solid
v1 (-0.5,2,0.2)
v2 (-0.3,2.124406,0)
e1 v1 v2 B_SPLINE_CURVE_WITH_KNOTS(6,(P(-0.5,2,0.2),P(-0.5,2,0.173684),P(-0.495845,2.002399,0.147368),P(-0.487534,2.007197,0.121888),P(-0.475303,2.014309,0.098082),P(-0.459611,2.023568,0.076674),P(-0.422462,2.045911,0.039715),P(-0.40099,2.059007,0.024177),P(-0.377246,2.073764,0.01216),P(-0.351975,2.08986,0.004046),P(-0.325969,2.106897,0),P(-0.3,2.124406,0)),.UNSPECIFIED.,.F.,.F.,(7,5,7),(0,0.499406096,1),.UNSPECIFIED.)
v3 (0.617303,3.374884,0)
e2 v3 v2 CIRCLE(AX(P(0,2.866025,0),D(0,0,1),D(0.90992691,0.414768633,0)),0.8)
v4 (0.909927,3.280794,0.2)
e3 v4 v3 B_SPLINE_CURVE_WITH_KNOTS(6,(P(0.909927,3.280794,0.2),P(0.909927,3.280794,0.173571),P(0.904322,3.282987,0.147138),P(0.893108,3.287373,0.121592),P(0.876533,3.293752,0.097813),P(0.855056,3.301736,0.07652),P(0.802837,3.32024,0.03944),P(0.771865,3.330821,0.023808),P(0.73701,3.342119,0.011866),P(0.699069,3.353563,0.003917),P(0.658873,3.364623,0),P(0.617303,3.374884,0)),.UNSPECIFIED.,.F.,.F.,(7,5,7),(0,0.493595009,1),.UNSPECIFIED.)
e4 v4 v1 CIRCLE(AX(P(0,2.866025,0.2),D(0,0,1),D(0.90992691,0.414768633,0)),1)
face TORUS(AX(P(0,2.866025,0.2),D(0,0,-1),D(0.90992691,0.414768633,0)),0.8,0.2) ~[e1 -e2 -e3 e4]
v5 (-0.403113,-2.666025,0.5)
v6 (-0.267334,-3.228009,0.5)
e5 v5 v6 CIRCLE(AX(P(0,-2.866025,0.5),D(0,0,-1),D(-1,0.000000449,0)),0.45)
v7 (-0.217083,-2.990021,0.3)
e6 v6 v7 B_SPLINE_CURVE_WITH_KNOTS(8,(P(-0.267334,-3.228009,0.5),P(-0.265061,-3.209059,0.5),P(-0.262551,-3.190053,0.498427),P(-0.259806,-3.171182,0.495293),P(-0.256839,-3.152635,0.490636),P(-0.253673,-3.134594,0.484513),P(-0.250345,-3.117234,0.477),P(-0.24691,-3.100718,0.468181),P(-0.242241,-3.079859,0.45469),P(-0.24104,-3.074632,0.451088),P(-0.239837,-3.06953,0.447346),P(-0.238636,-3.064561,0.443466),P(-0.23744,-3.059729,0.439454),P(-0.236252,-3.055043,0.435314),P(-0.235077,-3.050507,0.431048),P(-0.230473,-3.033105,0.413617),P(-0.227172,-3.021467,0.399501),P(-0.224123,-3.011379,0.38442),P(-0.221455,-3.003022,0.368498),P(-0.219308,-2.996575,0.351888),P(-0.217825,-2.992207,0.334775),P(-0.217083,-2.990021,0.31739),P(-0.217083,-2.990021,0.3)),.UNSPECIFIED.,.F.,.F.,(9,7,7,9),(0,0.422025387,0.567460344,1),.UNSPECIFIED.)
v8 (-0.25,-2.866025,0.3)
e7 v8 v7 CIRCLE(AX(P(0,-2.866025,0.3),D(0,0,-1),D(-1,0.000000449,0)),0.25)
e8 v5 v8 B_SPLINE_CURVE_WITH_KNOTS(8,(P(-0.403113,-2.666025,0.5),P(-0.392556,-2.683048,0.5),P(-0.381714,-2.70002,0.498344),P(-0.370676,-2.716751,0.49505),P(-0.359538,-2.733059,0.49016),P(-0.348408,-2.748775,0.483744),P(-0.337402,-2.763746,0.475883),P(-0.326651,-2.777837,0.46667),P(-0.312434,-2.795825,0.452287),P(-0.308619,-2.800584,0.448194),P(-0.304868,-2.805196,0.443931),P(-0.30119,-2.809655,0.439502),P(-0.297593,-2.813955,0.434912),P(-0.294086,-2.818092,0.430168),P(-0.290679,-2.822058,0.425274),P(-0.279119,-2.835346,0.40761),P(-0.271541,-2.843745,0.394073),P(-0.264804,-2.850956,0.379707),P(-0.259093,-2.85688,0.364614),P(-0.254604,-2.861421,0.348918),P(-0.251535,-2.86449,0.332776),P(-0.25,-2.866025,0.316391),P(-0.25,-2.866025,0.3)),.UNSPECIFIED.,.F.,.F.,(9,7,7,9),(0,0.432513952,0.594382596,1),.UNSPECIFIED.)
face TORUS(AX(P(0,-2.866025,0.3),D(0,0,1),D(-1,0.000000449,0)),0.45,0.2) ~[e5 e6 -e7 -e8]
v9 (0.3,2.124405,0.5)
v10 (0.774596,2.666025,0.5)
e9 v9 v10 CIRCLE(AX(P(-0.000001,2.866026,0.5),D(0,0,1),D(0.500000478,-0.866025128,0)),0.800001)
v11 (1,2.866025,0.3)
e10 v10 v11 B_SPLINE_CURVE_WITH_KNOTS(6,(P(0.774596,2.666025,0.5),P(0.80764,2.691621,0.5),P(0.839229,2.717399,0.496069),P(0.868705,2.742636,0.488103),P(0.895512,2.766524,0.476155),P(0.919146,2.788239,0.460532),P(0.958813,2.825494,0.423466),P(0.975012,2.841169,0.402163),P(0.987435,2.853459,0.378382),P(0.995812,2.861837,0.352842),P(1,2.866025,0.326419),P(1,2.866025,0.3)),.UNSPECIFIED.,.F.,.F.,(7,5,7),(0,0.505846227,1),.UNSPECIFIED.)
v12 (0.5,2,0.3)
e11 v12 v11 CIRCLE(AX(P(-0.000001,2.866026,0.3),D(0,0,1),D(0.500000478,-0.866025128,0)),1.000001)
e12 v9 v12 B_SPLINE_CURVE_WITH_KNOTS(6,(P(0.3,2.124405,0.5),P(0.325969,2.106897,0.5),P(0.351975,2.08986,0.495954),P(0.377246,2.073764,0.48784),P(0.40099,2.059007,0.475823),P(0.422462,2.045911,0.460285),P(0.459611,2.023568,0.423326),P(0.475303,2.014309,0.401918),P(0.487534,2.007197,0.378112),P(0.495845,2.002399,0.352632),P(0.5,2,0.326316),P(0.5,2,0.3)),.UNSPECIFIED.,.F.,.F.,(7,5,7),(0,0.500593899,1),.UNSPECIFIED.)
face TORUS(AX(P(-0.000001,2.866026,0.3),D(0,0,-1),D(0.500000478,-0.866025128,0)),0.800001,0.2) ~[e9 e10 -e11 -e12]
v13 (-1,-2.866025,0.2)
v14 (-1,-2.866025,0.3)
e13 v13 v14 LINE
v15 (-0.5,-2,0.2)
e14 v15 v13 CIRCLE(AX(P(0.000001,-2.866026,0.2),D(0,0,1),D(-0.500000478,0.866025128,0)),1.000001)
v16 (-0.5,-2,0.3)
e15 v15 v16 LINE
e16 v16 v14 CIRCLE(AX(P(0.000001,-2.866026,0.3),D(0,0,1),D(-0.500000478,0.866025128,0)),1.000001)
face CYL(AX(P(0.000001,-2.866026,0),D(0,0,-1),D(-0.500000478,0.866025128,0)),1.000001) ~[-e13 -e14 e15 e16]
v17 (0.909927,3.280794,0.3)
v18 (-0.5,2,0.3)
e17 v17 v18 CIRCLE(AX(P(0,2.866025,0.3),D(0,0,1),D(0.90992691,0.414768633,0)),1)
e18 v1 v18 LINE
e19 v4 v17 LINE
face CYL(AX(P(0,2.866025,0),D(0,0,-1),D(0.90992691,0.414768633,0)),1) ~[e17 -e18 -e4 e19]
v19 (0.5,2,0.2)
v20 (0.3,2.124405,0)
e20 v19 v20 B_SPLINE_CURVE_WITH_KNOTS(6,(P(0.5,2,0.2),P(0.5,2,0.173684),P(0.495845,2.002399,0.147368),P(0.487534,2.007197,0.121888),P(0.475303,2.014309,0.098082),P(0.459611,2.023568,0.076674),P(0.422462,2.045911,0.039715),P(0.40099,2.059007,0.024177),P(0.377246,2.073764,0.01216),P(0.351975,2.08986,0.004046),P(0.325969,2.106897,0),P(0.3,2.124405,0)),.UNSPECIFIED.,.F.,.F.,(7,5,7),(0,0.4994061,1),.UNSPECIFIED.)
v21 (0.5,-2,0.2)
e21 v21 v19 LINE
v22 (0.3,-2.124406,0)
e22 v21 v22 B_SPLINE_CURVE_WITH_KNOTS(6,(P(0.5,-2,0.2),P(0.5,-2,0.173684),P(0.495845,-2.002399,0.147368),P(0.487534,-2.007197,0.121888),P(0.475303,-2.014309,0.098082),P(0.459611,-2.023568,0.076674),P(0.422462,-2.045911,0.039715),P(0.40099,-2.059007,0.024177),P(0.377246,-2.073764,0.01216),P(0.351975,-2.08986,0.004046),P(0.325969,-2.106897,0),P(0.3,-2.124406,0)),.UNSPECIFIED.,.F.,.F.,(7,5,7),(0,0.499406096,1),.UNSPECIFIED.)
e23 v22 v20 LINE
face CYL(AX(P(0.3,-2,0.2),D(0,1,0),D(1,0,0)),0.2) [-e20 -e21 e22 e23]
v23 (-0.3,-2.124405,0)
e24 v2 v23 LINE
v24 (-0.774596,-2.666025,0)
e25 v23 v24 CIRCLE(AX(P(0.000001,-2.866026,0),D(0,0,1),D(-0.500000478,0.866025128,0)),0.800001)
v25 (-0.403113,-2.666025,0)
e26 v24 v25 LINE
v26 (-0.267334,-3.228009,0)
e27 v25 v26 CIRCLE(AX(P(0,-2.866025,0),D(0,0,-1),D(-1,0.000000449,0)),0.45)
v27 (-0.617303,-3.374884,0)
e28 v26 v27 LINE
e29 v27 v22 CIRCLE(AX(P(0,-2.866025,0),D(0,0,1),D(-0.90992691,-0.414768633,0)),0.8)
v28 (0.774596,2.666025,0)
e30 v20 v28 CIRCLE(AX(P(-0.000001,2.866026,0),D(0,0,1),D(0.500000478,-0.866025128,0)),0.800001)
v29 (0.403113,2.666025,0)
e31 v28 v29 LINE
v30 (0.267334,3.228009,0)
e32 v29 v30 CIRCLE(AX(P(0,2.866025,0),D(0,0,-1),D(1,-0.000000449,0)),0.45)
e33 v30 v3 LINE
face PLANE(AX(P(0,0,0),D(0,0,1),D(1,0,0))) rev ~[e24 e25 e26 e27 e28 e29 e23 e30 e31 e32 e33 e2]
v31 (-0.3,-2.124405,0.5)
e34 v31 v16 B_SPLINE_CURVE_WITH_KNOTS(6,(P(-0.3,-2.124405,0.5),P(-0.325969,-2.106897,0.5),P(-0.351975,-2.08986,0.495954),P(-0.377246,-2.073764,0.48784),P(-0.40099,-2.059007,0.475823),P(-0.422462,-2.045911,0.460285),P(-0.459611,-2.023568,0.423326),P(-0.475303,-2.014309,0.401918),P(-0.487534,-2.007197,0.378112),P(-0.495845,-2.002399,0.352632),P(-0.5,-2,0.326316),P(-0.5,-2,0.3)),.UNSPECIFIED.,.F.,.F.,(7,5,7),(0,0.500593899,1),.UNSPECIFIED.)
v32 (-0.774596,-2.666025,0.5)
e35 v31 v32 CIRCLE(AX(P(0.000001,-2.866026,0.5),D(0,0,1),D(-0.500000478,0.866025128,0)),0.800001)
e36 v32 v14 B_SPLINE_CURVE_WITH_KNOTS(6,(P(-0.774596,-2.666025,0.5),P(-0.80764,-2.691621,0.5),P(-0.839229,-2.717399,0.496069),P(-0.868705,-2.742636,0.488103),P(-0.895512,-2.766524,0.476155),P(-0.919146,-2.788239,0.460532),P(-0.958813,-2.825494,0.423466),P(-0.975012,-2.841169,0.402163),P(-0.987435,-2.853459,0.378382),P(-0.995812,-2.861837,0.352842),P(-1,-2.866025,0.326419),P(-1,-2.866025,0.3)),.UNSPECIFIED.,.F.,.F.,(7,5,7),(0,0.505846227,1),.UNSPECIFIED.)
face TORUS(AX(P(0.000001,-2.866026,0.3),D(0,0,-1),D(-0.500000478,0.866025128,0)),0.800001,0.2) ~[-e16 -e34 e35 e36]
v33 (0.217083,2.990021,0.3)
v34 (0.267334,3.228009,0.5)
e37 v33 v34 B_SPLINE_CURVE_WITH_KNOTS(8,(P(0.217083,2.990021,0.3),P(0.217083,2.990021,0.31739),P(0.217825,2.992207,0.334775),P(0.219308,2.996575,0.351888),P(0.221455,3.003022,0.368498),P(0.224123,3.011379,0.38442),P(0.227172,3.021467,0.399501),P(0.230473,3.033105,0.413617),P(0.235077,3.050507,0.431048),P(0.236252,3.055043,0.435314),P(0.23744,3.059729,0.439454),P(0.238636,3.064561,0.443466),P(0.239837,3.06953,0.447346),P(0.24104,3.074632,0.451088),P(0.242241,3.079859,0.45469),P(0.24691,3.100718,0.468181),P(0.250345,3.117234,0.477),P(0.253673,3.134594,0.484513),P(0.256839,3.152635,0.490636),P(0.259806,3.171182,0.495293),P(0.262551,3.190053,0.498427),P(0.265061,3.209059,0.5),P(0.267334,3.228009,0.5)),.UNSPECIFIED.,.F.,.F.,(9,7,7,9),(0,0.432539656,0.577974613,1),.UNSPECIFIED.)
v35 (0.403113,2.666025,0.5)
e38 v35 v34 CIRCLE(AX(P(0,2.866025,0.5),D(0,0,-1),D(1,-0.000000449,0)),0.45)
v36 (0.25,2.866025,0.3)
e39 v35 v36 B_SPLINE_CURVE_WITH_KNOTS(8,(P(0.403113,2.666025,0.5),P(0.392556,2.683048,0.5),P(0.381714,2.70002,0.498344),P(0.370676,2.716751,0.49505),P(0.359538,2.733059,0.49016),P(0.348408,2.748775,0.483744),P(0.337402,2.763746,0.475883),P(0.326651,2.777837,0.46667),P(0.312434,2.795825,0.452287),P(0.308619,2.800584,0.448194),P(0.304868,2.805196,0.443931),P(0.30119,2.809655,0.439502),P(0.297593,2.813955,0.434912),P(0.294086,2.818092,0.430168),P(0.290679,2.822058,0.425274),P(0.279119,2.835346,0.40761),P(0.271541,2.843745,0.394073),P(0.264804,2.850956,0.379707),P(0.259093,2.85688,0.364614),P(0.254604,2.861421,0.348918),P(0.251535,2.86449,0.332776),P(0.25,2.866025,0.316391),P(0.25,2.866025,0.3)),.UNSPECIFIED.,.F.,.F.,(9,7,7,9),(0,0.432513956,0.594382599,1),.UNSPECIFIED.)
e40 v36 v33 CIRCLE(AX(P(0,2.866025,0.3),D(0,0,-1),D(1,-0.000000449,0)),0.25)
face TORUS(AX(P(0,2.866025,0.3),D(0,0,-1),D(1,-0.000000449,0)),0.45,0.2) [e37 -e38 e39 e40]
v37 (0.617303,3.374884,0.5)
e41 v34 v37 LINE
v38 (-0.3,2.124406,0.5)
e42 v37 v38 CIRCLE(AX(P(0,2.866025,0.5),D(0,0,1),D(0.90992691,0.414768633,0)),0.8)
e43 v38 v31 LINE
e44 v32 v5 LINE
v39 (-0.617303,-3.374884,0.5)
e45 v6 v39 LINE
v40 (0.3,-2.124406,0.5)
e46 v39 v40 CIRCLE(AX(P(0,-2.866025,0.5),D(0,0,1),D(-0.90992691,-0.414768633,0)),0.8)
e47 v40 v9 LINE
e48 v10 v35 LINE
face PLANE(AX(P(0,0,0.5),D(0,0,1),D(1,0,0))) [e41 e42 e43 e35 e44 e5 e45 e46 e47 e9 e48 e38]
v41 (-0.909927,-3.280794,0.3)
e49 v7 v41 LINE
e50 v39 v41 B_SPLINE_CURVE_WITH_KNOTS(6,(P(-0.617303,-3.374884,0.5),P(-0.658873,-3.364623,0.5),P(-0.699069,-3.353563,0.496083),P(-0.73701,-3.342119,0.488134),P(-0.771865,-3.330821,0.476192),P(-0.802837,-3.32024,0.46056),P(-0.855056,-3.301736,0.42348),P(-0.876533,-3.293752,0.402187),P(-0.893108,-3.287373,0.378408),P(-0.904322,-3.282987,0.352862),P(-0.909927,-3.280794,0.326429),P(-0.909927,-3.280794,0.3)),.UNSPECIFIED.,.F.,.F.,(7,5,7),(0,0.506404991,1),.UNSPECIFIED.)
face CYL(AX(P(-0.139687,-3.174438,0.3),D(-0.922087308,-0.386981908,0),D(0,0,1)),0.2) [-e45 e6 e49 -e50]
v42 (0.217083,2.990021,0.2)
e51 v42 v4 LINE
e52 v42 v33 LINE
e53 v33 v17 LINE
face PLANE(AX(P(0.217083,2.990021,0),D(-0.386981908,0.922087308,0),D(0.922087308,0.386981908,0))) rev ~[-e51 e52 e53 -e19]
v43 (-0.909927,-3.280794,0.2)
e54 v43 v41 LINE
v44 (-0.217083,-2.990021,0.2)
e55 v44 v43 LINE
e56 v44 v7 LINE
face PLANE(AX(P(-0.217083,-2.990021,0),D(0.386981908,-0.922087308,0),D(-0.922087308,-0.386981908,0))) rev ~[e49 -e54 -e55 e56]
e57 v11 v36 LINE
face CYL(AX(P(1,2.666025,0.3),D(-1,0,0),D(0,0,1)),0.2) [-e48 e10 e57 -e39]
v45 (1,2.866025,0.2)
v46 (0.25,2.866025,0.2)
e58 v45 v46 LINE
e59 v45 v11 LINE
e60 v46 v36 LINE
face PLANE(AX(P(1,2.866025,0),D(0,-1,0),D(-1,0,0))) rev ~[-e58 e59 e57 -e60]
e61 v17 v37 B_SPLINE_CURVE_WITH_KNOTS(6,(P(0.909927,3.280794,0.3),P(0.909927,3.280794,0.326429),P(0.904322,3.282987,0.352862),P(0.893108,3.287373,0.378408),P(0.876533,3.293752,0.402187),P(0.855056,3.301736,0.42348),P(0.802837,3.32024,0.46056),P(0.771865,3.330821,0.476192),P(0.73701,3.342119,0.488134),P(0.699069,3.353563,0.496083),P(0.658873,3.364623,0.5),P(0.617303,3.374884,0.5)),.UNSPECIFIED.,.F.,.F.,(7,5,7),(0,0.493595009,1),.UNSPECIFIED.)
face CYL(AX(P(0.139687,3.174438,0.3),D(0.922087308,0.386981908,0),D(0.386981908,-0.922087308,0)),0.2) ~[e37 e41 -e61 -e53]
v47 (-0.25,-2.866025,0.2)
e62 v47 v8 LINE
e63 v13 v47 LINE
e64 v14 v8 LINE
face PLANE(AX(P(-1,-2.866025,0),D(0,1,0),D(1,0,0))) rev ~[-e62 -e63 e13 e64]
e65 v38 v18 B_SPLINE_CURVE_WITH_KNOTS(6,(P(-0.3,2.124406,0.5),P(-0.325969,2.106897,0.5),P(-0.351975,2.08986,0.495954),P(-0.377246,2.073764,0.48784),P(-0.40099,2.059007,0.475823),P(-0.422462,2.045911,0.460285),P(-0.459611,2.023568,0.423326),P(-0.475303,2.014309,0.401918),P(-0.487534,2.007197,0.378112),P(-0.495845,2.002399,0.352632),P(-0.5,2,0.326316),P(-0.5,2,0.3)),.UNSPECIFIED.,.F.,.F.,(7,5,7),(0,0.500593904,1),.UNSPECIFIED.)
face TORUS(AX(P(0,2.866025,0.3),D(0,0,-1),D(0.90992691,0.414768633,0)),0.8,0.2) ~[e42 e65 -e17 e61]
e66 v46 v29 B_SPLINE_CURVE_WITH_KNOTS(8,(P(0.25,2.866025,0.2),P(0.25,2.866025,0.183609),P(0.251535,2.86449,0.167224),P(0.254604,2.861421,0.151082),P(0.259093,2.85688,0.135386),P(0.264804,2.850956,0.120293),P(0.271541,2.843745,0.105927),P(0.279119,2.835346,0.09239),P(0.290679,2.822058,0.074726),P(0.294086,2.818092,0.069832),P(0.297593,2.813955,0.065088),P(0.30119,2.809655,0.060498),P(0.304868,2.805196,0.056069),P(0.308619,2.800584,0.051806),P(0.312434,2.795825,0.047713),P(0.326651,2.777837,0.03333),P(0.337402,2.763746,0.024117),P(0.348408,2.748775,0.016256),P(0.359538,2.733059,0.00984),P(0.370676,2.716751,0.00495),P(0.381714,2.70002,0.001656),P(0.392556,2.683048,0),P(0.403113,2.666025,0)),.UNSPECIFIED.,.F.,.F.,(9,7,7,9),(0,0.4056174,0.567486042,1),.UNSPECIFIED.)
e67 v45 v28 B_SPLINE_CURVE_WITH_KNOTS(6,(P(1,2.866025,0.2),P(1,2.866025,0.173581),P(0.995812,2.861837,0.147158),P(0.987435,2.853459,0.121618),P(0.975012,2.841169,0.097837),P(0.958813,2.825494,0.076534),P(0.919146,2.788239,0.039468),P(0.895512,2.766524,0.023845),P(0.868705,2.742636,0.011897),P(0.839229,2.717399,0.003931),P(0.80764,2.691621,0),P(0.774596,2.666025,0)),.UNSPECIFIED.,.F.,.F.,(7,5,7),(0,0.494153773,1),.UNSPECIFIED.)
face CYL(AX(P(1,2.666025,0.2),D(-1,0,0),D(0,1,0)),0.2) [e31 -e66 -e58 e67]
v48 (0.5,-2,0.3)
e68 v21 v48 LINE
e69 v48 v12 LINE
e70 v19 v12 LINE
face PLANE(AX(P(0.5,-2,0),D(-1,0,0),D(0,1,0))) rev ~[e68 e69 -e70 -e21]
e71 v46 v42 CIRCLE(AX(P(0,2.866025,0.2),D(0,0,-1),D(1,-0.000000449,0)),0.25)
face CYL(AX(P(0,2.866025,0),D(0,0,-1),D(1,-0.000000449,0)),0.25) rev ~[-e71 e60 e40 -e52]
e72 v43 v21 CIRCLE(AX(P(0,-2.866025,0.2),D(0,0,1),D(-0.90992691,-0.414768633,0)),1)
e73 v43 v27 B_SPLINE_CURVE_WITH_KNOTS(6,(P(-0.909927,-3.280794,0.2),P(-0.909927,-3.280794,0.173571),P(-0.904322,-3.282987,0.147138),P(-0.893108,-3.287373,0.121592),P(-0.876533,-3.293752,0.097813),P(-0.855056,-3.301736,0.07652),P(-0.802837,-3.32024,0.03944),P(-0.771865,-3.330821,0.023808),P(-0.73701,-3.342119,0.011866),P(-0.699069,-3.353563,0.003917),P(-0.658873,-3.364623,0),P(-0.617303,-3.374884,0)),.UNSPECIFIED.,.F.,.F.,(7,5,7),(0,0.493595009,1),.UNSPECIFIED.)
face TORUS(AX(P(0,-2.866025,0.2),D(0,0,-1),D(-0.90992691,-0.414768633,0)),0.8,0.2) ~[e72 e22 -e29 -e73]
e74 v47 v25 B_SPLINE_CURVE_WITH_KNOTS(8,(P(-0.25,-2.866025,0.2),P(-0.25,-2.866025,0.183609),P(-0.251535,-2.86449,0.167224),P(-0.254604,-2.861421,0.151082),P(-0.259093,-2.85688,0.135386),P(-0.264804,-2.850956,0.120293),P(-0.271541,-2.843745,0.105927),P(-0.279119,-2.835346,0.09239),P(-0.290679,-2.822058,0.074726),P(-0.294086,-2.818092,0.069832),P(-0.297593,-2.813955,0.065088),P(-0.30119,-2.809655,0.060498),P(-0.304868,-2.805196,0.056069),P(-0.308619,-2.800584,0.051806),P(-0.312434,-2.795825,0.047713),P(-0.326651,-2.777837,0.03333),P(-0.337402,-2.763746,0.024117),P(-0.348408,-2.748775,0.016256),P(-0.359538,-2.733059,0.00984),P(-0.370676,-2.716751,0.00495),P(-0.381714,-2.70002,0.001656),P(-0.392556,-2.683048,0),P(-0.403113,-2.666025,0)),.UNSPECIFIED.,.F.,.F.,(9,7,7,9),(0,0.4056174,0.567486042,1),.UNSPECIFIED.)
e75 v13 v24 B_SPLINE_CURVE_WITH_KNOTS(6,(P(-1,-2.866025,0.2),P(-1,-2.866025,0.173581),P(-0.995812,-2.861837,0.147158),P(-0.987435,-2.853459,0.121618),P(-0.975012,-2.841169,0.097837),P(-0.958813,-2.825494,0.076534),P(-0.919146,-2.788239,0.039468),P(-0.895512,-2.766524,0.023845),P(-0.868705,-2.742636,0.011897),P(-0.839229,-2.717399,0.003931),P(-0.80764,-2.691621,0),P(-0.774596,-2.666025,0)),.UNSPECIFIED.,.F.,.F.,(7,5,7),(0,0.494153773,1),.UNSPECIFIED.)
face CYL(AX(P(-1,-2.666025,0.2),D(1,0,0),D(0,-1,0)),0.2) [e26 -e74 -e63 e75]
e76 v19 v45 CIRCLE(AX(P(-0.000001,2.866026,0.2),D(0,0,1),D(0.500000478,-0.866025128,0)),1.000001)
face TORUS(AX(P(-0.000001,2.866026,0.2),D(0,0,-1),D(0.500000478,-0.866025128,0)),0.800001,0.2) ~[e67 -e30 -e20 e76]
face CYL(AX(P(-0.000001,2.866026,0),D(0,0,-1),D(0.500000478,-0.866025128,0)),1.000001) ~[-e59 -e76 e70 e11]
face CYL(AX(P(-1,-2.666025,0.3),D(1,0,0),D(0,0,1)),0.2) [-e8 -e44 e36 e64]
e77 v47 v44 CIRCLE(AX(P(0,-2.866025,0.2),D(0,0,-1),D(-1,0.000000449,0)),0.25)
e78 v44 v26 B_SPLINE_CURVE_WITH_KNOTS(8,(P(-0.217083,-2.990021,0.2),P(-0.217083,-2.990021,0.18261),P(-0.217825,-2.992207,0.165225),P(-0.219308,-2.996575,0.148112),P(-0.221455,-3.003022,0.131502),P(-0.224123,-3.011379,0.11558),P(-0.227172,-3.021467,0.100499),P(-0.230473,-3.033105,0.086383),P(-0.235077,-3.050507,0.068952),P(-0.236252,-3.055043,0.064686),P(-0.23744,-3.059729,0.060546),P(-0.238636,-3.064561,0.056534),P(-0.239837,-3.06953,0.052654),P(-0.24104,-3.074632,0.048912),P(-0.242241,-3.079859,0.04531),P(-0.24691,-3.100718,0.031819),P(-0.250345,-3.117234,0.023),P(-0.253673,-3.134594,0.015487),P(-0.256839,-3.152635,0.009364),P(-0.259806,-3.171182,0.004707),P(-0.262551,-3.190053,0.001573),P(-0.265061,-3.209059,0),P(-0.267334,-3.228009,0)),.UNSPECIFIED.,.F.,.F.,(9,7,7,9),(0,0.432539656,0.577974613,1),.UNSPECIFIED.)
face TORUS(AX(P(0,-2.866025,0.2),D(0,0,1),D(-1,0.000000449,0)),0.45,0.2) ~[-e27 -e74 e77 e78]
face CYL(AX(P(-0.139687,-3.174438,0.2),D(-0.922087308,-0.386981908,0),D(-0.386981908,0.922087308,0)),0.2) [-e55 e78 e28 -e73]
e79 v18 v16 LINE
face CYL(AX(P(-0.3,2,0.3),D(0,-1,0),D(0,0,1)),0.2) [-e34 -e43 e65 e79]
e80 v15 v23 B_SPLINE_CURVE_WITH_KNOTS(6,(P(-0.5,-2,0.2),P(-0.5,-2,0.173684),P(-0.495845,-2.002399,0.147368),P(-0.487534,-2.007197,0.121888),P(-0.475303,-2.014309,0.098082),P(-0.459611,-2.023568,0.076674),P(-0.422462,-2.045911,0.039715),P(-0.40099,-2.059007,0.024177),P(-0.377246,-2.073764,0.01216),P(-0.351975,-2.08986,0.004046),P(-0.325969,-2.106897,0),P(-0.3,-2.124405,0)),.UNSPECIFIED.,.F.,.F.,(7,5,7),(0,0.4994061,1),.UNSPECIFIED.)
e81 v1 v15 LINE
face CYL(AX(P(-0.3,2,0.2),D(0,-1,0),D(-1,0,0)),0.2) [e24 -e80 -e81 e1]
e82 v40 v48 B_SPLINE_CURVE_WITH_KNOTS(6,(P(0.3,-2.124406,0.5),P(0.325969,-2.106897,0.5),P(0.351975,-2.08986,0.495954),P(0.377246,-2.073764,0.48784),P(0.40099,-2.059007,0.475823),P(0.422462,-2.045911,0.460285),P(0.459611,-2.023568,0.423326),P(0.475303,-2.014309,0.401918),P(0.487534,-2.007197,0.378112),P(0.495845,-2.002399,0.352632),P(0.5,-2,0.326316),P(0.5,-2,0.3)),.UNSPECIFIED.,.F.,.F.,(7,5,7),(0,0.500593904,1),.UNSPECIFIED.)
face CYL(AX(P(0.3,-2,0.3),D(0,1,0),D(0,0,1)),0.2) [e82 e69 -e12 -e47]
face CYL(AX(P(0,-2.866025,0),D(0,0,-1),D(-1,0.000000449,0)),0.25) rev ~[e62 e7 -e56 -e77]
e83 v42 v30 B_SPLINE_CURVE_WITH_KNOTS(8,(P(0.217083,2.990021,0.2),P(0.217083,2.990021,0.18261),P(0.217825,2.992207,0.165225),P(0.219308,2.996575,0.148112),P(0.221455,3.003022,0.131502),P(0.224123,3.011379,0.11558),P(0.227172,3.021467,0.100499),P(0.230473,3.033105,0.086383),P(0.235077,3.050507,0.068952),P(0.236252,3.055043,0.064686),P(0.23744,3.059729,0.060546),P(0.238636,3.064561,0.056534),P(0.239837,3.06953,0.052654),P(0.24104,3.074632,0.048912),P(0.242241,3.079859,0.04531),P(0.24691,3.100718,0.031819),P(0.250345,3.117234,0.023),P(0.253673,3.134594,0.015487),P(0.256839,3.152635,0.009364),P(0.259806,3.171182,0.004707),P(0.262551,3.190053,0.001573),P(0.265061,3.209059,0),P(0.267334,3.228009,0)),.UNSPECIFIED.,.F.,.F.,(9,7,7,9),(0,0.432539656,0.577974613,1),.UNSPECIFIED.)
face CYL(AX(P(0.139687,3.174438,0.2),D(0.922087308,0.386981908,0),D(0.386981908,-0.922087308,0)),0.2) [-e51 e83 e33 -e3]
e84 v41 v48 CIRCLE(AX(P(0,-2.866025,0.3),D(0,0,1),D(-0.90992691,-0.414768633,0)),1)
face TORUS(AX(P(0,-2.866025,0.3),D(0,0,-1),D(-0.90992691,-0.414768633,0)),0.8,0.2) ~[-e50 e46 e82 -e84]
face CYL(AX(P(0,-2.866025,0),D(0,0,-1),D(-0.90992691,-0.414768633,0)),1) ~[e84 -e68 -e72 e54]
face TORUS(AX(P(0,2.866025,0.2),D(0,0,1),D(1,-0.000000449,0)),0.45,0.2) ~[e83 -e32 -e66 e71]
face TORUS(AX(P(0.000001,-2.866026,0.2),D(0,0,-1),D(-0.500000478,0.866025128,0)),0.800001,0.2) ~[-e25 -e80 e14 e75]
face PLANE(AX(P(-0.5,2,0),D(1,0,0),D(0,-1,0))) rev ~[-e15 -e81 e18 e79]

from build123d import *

# Parameters (mm, degrees)
F1_DEPTH = 0.5
F2_R     = 0.2
F3_R     = 0.2


with BuildPart() as f1:
    # F0 (on Top) → F1 (new body)
    with BuildSketch(Plane.XY):
        with BuildLine():
            Line((0.217083, 2.990021), (0.909927, 3.280794))
            ThreePointArc((0.909927, 3.280794), (-0.672397, 3.606216), (-0.5, 2))
            Line((-0.5, 2), (-0.5, -2))
            ThreePointArc((-0.5, -2), (-0.866025, -2.366025), (-1, -2.866025))
            Line((-1, -2.866025), (-0.25, -2.866025))
            ThreePointArc((-0.25, -2.866025), (0.241631, -2.80188), (-0.217083, -2.990021))
            Line((-0.217083, -2.990021), (-0.909927, -3.280794))
            ThreePointArc((-0.909927, -3.280794), (0.672397, -3.606216), (0.5, -2))
            Line((0.5, -2), (0.5, 2))
            ThreePointArc((0.5, 2), (0.866025, 2.366025), (1, 2.866025))
            Line((1, 2.866025), (0.25, 2.866025))
            ThreePointArc((0.25, 2.866025), (-0.241631, 2.80188), (0.217083, 2.990021))
        make_face()
    extrude(amount=F1_DEPTH)

    # F2
    f2_edges = [f1.edges().sort_by_distance(p)[0] for p in [
        (0.625, 2.866025, 0),
        (-0.241631, 2.80188, 0),
        (0.563505, 3.135407, 0),
        (-0.672397, 3.606216, 0),
        (-0.5, 0, 0),
        (-0.866025, -2.366025, 0),
        (-0.625, -2.866025, 0),
        (0.241631, -2.80188, 0),
        (-0.563505, -3.135407, 0),
        (0.672397, -3.606216, 0),
        (0.5, 0, 0),
        (0.866025, 2.366025, 0),
    ]]
    fillet(f2_edges, radius=F2_R)

    # F3
    f3_edges = [f1.edges().sort_by_distance(p)[0] for p in [
        (0.625, 2.866025, 0.5),
        (-0.241631, 2.80188, 0.5),
        (0.563505, 3.135407, 0.5),
        (-0.672397, 3.606216, 0.5),
        (-0.5, 0, 0.5),
        (-0.866025, -2.366025, 0.5),
        (-0.625, -2.866025, 0.5),
        (0.241631, -2.80188, 0.5),
        (-0.563505, -3.135407, 0.5),
        (0.672397, -3.606216, 0.5),
        (0.5, 0, 0.5),
        (0.866025, 2.366025, 0.5),
    ]]
    fillet(f3_edges, radius=F3_R)


solid = f1.part
